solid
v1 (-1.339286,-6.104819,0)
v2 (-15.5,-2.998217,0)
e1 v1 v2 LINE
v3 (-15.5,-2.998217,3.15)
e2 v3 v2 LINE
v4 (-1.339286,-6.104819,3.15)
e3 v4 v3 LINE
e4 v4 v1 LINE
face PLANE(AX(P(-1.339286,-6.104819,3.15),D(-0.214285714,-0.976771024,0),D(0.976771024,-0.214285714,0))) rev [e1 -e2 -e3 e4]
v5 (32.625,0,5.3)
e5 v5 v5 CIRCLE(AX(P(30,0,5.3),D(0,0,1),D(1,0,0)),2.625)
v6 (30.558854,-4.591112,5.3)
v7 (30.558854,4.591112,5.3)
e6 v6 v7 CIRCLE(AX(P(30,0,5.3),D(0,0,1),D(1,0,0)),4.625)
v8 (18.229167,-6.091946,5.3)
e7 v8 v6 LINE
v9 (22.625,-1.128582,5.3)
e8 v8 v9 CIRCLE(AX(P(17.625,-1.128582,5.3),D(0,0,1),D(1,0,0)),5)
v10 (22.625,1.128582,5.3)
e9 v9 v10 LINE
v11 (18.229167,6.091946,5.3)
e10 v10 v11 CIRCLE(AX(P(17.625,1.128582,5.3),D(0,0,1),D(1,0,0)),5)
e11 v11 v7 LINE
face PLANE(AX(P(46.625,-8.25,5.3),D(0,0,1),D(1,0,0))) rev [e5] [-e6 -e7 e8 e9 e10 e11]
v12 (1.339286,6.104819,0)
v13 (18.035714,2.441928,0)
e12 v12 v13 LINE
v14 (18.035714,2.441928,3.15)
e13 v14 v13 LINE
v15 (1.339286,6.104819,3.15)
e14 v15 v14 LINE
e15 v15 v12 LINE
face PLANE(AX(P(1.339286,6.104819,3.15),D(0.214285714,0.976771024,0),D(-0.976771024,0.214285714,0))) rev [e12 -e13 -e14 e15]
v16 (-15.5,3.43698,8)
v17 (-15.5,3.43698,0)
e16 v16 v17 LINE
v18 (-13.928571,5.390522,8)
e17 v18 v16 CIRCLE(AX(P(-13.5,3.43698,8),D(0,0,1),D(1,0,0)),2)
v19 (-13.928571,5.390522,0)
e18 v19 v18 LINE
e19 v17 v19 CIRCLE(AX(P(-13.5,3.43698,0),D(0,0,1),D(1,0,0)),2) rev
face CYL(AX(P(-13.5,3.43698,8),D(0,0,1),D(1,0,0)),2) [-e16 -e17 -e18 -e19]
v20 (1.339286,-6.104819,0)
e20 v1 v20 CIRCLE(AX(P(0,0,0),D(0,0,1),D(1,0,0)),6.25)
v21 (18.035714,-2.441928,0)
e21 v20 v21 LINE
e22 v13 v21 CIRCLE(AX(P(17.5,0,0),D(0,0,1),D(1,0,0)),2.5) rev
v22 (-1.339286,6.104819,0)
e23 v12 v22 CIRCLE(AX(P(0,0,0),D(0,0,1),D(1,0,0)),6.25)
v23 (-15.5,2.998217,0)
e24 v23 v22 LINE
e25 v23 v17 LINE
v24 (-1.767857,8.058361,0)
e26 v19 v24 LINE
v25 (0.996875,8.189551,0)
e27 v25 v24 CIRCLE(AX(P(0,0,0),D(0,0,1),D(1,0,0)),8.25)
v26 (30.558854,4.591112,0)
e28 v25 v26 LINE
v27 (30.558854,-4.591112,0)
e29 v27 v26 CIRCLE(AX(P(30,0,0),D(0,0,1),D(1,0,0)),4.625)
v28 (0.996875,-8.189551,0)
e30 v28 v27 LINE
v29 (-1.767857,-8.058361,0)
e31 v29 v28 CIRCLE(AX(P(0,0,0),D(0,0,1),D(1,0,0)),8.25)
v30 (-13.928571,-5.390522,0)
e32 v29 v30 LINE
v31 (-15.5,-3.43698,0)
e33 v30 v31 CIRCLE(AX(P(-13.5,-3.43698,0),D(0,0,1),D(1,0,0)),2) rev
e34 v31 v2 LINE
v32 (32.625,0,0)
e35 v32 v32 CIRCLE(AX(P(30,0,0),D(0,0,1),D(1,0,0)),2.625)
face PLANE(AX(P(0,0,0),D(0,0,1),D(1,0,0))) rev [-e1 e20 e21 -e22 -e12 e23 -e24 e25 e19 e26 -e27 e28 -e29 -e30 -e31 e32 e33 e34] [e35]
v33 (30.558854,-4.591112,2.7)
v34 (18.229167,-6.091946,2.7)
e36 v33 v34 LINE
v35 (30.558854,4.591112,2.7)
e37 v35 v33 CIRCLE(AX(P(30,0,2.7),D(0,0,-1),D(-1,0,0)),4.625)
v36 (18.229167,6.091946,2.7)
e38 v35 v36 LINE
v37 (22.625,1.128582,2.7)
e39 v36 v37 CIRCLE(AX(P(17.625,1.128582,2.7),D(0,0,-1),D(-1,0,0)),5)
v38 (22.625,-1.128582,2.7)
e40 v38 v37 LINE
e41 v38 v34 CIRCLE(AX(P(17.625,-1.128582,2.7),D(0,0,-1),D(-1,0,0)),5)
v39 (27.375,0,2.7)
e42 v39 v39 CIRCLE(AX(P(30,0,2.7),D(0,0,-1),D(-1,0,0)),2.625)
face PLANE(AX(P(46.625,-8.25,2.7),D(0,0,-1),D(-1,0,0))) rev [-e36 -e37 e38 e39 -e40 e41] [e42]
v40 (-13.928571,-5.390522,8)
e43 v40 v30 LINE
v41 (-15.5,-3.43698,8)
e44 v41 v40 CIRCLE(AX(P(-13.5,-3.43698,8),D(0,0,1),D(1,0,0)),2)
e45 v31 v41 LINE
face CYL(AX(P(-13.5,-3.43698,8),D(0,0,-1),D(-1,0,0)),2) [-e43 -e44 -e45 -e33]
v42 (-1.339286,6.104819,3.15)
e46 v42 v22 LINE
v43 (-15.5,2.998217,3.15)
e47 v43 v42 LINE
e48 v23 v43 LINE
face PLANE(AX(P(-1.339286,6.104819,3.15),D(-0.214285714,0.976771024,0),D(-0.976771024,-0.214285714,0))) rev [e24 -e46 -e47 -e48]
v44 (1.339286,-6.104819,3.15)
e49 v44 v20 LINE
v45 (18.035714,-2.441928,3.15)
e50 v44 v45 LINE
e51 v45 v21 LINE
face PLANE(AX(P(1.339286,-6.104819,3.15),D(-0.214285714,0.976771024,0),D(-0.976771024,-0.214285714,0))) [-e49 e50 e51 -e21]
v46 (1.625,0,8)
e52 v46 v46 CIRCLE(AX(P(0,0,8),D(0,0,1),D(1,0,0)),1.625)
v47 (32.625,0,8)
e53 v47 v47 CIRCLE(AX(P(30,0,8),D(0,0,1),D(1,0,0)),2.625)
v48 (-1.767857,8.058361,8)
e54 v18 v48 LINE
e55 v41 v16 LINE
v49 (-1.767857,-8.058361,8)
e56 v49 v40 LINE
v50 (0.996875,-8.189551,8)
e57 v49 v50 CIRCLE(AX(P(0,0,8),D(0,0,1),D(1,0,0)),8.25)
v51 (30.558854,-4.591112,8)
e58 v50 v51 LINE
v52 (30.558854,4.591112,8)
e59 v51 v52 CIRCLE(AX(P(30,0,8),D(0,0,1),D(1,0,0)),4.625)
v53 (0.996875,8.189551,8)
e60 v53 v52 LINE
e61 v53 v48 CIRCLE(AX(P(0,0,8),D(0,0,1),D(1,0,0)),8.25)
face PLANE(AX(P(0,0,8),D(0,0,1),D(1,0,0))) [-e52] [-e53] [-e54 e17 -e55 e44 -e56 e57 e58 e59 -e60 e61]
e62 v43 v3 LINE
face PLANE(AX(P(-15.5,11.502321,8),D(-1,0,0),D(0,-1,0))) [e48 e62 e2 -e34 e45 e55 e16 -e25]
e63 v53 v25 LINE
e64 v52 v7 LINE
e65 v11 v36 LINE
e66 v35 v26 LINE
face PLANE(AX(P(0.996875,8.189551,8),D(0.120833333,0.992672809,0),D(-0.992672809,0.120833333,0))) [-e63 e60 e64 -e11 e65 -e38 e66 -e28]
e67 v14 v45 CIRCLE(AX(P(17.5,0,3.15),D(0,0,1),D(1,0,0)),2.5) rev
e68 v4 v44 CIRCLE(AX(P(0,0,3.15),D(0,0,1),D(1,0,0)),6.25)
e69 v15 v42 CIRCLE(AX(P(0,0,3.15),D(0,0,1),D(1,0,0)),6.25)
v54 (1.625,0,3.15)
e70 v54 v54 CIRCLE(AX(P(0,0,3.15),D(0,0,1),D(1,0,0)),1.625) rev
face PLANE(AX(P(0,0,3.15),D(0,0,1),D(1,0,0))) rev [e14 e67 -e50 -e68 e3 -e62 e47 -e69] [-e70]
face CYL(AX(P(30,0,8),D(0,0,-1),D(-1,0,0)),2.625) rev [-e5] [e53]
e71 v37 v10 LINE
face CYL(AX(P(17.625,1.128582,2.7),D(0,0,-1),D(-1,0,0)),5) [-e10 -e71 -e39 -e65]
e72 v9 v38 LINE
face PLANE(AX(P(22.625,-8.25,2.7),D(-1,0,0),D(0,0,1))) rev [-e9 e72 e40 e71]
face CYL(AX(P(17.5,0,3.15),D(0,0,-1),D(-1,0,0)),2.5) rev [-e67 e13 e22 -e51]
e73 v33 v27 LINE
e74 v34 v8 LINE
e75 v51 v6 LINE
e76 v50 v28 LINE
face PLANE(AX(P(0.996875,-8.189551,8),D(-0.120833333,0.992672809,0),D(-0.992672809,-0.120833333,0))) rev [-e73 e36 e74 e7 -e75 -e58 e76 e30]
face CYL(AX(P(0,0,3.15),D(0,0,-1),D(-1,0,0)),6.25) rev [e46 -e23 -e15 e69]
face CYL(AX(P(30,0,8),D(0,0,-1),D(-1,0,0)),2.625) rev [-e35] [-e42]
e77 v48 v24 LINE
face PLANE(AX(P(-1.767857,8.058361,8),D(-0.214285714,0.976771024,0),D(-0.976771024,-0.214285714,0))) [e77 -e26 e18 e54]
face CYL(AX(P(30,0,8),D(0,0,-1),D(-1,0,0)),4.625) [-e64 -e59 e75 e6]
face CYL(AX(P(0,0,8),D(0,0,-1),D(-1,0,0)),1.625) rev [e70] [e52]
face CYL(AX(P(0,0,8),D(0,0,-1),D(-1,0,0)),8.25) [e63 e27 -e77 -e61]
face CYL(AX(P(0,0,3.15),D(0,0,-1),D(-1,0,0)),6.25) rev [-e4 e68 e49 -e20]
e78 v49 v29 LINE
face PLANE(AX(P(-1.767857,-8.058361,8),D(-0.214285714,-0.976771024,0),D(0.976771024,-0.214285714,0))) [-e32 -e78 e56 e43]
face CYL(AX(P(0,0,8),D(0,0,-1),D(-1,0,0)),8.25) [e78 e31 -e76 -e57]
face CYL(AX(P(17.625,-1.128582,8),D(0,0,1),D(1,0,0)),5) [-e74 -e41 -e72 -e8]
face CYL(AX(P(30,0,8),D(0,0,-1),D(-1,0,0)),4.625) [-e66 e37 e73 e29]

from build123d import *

# Parameters (mm, degrees)
SKETCH2_R               = 2.625
BOSS_EXTRUDE2_DEPTH     = 8
CUT_EXTRUDE5_DEPTH      = 3.15
CUT_EXTRUDE6_DEPTH      = 37.482230264
CUT_EXTRUDE6_DEPTH_BACK = 37.482230264
SKETCH6_W               = 24
SKETCH6_H               = 2.6
FILLET1_R               = 5
CUT_EXTRUDE7_DEPTH      = 37.482230264
CUT_EXTRUDE7_DEPTH_BACK = 37.482230264
SKETCH1_7_R             = 1.625
SKETCH7_W               = 26.970959806
SKETCH7_H               = 23.004642188
CUT_EXTRUDE8_DEPTH      = 37.482230264
FILLET2_R               = 2


with BuildPart() as part:
    # Sketch2 → Boss-Extrude2 (new body)
    with BuildSketch(Plane.XY):
        with BuildLine():
            Line((-1.767857143, 8.058360945), (-18.464285714, 4.395469606))
            ThreePointArc((-18.464285714, 4.395469606), (-22, 0), (-18.464285714, -4.395469606))
            Line((-18.464285714, -4.395469606), (-1.767857143, -8.058360945))
            ThreePointArc((-1.767857143, -8.058360945), (-0.391032035, -8.240727756), (0.996875, -8.189550674))
            Line((0.996875, -8.189550674), (30.558854167, -4.591111741))
            ThreePointArc((30.558854167, -4.591111741), (34.625, 0), (30.558854167, 4.591111741))
            Line((30.558854167, 4.591111741), (0.996875, 8.189550674))
            ThreePointArc((0.996875, 8.189550674), (-0.391032035, 8.240727756), (-1.767857143, 8.058360945))
        make_face()
        with Locations((30, 0)):
            Circle(SKETCH2_R, mode=Mode.SUBTRACT)
    extrude(amount=BOSS_EXTRUDE2_DEPTH)

    # Sketch1 → Cut-Extrude5 (cut)
    with BuildSketch(Plane.XY):
        with BuildLine():
            Line((-1.339285714, 6.104818898), (-18.035714286, 2.441927559))
            ThreePointArc((-18.035714286, 2.441927559), (-20, 0), (-18.035714286, -2.441927559))
            Line((-18.035714286, -2.441927559), (-1.339285714, -6.104818898))
            ThreePointArc((-1.339285714, -6.104818898), (0, -6.25), (1.339285714, -6.104818898))
            Line((1.339285714, -6.104818898), (18.035714286, -2.441927559))
            ThreePointArc((18.035714286, -2.441927559), (20, 0), (18.035714286, 2.441927559))
            Line((18.035714286, 2.441927559), (1.339285714, 6.104818898))
            ThreePointArc((1.339285714, 6.104818898), (0, 6.25), (-1.339285714, 6.104818898))
        make_face()
    extrude(amount=CUT_EXTRUDE5_DEPTH, mode=Mode.SUBTRACT)

    # Sketch6 → Cut-Extrude6 (cut, two sides: drawn at the far end of the back side and taken through both)
    with BuildSketch(Plane(origin=(0, 0, 0), x_dir=(1, 0, 0), z_dir=(0, 1, 0)).offset(-CUT_EXTRUDE6_DEPTH_BACK)):
        with Locations((34.625, -4)):
            Rectangle(SKETCH6_W, SKETCH6_H)
    extrude(amount=CUT_EXTRUDE6_DEPTH + CUT_EXTRUDE6_DEPTH_BACK, mode=Mode.SUBTRACT)

    # Fillet1
    fillet1_edges = [part.edges().sort_by_distance(p)[0] for p in [
        (22.625, 5.556862023, 4),
        (22.625, -5.556862023, 4),
    ]]
    fillet(fillet1_edges, radius=FILLET1_R)

    # Sketch1<7> → Cut-Extrude7 (cut, two sides: drawn at the far end of the back side and taken through both)
    with BuildSketch(Plane.XY.offset(-CUT_EXTRUDE7_DEPTH_BACK)):
        Circle(SKETCH1_7_R)
    extrude(amount=CUT_EXTRUDE7_DEPTH + CUT_EXTRUDE7_DEPTH_BACK, mode=Mode.SUBTRACT)

    # Sketch7 → Cut-Extrude8 (cut, through all)
    with BuildSketch(Plane.XY):
        with Locations((-28.985479903, 0)):
            Rectangle(SKETCH7_W, SKETCH7_H)
    extrude(amount=CUT_EXTRUDE8_DEPTH, mode=Mode.SUBTRACT)

    # Fillet2
    fillet2_edges = [part.edges().sort_by_distance(p)[0] for p in [
        (-15.5, -5.045779726, 4),
        (-15.5, 5.045779726, 4),
    ]]
    fillet(fillet2_edges, radius=FILLET2_R)


solid = part.part
